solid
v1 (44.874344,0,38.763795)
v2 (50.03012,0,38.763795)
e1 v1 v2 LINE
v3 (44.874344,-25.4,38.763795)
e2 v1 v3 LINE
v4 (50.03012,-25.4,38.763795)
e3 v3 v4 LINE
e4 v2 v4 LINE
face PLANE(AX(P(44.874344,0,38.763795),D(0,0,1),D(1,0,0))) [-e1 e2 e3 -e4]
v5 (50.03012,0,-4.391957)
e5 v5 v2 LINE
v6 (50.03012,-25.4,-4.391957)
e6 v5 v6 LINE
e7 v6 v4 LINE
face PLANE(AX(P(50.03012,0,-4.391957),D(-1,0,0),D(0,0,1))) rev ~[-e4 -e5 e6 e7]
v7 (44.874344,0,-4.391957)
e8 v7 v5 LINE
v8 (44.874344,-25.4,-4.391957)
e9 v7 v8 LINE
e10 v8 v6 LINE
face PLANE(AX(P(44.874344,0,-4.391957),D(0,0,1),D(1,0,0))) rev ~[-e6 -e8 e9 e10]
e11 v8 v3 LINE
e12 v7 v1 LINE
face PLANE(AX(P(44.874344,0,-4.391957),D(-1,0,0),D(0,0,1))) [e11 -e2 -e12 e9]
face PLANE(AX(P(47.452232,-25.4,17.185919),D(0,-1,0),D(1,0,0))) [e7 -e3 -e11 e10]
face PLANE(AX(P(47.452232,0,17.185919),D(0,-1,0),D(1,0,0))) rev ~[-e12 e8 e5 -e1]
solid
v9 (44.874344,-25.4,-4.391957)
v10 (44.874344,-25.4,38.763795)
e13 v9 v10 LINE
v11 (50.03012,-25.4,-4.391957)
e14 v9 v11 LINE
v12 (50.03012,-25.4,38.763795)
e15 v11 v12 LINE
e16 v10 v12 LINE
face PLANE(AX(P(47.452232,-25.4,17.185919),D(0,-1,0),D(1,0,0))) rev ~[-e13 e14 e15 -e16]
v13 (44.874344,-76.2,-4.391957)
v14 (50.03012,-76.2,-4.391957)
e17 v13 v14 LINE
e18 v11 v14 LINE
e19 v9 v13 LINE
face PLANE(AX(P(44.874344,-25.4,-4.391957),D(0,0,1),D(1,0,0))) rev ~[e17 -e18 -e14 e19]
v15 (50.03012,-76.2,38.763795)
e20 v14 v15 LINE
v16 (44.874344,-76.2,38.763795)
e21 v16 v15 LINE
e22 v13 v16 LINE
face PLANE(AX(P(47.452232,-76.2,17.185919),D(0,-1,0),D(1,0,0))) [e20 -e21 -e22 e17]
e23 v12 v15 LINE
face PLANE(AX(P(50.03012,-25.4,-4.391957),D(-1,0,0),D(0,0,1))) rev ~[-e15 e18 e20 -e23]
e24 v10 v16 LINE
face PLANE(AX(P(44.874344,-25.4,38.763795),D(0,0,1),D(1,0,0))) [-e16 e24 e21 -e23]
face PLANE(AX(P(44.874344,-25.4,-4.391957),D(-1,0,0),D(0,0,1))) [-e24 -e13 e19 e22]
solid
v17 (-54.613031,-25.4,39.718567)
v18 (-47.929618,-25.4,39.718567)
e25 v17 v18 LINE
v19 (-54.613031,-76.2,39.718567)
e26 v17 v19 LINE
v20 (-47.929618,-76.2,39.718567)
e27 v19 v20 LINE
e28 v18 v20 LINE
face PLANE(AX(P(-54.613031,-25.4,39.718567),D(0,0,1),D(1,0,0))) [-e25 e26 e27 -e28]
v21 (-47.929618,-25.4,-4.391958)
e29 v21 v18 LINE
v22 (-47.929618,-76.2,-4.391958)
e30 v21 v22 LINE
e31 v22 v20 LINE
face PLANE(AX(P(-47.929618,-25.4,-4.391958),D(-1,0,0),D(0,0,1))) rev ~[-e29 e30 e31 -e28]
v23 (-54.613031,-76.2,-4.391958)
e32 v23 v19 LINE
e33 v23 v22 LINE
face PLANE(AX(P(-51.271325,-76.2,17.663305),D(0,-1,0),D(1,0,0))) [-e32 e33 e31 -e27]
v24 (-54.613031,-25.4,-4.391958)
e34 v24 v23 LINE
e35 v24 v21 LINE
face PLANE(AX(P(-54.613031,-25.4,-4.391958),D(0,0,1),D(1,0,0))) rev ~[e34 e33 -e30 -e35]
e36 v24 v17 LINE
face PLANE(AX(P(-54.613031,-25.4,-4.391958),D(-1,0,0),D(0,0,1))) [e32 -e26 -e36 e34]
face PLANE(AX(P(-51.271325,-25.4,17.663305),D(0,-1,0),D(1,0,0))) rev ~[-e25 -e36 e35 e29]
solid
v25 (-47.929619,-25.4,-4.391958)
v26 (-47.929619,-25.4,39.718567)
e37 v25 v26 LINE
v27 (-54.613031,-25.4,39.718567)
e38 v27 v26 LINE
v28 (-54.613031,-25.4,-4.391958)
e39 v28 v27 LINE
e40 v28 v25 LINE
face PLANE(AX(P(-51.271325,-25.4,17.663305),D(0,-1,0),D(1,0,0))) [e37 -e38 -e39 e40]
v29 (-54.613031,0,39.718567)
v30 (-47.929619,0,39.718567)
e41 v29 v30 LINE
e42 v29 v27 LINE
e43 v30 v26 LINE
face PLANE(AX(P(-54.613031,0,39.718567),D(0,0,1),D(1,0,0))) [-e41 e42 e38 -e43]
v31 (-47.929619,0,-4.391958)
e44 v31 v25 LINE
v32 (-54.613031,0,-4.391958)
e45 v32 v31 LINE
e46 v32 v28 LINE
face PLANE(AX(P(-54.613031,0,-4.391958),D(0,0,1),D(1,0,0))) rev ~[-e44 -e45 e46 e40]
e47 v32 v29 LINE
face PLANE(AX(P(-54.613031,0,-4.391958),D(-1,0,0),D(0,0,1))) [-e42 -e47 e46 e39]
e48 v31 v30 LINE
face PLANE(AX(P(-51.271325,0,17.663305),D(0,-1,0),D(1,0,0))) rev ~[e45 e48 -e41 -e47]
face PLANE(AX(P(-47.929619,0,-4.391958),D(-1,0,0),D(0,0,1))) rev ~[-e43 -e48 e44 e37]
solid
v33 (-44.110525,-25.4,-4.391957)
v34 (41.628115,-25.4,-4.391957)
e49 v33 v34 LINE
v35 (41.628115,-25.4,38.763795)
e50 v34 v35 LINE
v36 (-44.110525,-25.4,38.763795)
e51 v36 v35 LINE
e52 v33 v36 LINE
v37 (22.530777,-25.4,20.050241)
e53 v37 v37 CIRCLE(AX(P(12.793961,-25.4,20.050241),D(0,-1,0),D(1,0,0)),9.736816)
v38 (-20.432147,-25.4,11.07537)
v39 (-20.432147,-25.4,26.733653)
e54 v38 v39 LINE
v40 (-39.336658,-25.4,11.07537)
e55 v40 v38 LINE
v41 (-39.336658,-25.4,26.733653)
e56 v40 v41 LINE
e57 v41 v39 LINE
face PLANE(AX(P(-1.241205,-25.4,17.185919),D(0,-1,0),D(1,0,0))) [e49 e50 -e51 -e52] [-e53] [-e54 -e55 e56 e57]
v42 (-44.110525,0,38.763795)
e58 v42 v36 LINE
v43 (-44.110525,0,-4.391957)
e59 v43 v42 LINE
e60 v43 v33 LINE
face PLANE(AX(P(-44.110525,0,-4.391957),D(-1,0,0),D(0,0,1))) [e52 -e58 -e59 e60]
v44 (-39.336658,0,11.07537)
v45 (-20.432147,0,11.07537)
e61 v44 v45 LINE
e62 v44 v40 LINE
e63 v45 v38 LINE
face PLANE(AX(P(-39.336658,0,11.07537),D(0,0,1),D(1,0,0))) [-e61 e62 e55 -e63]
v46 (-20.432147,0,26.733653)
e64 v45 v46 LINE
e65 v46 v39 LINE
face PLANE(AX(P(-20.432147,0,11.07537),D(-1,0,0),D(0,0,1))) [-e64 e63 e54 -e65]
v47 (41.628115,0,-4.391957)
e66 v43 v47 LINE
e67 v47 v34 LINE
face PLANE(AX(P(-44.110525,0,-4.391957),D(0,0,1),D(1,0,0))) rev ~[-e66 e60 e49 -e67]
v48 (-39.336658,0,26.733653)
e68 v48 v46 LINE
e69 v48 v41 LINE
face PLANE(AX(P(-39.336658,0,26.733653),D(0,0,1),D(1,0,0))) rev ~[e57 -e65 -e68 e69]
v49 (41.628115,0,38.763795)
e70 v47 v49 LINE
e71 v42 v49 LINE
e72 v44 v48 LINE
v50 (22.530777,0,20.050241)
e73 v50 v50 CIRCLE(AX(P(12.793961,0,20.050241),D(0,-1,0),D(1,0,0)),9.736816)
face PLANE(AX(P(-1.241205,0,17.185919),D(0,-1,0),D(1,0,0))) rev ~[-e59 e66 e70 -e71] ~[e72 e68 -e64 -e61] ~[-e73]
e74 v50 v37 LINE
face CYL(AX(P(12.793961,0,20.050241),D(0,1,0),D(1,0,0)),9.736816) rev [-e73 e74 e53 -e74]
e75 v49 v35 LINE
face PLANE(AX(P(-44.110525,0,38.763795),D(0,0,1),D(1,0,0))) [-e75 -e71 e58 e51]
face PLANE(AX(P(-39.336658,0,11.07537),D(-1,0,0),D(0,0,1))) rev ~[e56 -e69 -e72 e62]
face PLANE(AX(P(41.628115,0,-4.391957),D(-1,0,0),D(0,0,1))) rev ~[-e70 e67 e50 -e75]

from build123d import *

# Parameters (mm, degrees)
F0_W        = 6.683412
F0_H        = 44.110525
F0_W_2      = 5.155776
F0_H_2      = 43.155752
F0_W_3      = 85.73864
F0_W_4      = 18.904511
F0_H_3      = 15.658283
F0_R        = 9.736816
F1_DEPTH    = 25.4
F1_FACE_W   = 5.155776
F1_FACE_H   = 43.155752
F1_FACE_W_2 = 6.683413
F1_FACE_H_2 = 44.110525
F2_DEPTH    = 50.8


with BuildPart() as f1:
    # F0 (on Front) → F1 (new body)
    with BuildSketch(Plane.XZ):
        with Locations((-51.271325, 17.663305)):
            Rectangle(F0_W, F0_H)
        with Locations((47.452232, 17.185919)):
            Rectangle(F0_W_2, F0_H_2)
        with Locations((-1.241205, 17.185919)):
            Rectangle(F0_W_3, F0_H_2)
        with Locations((-29.884403, 18.904511)):
            Rectangle(F0_W_4, F0_H_3, mode=Mode.SUBTRACT)
        with Locations((12.793961, 20.050241)):
            Circle(F0_R, mode=Mode.SUBTRACT)
    extrude(amount=F1_DEPTH)


with BuildPart() as f2:
    # F1_face (on face) → F2 (new body)
    with BuildSketch(Plane(origin=(47.452232, -25.4, 17.185919), x_dir=(1, 0, 0), z_dir=(0, -1, 0))):
        Rectangle(F1_FACE_W, F1_FACE_H)
        with Locations((-98.723557, 0.477386)):
            Rectangle(F1_FACE_W_2, F1_FACE_H_2)
    extrude(amount=F2_DEPTH)


solid = Compound([f1.part, f2.part])
